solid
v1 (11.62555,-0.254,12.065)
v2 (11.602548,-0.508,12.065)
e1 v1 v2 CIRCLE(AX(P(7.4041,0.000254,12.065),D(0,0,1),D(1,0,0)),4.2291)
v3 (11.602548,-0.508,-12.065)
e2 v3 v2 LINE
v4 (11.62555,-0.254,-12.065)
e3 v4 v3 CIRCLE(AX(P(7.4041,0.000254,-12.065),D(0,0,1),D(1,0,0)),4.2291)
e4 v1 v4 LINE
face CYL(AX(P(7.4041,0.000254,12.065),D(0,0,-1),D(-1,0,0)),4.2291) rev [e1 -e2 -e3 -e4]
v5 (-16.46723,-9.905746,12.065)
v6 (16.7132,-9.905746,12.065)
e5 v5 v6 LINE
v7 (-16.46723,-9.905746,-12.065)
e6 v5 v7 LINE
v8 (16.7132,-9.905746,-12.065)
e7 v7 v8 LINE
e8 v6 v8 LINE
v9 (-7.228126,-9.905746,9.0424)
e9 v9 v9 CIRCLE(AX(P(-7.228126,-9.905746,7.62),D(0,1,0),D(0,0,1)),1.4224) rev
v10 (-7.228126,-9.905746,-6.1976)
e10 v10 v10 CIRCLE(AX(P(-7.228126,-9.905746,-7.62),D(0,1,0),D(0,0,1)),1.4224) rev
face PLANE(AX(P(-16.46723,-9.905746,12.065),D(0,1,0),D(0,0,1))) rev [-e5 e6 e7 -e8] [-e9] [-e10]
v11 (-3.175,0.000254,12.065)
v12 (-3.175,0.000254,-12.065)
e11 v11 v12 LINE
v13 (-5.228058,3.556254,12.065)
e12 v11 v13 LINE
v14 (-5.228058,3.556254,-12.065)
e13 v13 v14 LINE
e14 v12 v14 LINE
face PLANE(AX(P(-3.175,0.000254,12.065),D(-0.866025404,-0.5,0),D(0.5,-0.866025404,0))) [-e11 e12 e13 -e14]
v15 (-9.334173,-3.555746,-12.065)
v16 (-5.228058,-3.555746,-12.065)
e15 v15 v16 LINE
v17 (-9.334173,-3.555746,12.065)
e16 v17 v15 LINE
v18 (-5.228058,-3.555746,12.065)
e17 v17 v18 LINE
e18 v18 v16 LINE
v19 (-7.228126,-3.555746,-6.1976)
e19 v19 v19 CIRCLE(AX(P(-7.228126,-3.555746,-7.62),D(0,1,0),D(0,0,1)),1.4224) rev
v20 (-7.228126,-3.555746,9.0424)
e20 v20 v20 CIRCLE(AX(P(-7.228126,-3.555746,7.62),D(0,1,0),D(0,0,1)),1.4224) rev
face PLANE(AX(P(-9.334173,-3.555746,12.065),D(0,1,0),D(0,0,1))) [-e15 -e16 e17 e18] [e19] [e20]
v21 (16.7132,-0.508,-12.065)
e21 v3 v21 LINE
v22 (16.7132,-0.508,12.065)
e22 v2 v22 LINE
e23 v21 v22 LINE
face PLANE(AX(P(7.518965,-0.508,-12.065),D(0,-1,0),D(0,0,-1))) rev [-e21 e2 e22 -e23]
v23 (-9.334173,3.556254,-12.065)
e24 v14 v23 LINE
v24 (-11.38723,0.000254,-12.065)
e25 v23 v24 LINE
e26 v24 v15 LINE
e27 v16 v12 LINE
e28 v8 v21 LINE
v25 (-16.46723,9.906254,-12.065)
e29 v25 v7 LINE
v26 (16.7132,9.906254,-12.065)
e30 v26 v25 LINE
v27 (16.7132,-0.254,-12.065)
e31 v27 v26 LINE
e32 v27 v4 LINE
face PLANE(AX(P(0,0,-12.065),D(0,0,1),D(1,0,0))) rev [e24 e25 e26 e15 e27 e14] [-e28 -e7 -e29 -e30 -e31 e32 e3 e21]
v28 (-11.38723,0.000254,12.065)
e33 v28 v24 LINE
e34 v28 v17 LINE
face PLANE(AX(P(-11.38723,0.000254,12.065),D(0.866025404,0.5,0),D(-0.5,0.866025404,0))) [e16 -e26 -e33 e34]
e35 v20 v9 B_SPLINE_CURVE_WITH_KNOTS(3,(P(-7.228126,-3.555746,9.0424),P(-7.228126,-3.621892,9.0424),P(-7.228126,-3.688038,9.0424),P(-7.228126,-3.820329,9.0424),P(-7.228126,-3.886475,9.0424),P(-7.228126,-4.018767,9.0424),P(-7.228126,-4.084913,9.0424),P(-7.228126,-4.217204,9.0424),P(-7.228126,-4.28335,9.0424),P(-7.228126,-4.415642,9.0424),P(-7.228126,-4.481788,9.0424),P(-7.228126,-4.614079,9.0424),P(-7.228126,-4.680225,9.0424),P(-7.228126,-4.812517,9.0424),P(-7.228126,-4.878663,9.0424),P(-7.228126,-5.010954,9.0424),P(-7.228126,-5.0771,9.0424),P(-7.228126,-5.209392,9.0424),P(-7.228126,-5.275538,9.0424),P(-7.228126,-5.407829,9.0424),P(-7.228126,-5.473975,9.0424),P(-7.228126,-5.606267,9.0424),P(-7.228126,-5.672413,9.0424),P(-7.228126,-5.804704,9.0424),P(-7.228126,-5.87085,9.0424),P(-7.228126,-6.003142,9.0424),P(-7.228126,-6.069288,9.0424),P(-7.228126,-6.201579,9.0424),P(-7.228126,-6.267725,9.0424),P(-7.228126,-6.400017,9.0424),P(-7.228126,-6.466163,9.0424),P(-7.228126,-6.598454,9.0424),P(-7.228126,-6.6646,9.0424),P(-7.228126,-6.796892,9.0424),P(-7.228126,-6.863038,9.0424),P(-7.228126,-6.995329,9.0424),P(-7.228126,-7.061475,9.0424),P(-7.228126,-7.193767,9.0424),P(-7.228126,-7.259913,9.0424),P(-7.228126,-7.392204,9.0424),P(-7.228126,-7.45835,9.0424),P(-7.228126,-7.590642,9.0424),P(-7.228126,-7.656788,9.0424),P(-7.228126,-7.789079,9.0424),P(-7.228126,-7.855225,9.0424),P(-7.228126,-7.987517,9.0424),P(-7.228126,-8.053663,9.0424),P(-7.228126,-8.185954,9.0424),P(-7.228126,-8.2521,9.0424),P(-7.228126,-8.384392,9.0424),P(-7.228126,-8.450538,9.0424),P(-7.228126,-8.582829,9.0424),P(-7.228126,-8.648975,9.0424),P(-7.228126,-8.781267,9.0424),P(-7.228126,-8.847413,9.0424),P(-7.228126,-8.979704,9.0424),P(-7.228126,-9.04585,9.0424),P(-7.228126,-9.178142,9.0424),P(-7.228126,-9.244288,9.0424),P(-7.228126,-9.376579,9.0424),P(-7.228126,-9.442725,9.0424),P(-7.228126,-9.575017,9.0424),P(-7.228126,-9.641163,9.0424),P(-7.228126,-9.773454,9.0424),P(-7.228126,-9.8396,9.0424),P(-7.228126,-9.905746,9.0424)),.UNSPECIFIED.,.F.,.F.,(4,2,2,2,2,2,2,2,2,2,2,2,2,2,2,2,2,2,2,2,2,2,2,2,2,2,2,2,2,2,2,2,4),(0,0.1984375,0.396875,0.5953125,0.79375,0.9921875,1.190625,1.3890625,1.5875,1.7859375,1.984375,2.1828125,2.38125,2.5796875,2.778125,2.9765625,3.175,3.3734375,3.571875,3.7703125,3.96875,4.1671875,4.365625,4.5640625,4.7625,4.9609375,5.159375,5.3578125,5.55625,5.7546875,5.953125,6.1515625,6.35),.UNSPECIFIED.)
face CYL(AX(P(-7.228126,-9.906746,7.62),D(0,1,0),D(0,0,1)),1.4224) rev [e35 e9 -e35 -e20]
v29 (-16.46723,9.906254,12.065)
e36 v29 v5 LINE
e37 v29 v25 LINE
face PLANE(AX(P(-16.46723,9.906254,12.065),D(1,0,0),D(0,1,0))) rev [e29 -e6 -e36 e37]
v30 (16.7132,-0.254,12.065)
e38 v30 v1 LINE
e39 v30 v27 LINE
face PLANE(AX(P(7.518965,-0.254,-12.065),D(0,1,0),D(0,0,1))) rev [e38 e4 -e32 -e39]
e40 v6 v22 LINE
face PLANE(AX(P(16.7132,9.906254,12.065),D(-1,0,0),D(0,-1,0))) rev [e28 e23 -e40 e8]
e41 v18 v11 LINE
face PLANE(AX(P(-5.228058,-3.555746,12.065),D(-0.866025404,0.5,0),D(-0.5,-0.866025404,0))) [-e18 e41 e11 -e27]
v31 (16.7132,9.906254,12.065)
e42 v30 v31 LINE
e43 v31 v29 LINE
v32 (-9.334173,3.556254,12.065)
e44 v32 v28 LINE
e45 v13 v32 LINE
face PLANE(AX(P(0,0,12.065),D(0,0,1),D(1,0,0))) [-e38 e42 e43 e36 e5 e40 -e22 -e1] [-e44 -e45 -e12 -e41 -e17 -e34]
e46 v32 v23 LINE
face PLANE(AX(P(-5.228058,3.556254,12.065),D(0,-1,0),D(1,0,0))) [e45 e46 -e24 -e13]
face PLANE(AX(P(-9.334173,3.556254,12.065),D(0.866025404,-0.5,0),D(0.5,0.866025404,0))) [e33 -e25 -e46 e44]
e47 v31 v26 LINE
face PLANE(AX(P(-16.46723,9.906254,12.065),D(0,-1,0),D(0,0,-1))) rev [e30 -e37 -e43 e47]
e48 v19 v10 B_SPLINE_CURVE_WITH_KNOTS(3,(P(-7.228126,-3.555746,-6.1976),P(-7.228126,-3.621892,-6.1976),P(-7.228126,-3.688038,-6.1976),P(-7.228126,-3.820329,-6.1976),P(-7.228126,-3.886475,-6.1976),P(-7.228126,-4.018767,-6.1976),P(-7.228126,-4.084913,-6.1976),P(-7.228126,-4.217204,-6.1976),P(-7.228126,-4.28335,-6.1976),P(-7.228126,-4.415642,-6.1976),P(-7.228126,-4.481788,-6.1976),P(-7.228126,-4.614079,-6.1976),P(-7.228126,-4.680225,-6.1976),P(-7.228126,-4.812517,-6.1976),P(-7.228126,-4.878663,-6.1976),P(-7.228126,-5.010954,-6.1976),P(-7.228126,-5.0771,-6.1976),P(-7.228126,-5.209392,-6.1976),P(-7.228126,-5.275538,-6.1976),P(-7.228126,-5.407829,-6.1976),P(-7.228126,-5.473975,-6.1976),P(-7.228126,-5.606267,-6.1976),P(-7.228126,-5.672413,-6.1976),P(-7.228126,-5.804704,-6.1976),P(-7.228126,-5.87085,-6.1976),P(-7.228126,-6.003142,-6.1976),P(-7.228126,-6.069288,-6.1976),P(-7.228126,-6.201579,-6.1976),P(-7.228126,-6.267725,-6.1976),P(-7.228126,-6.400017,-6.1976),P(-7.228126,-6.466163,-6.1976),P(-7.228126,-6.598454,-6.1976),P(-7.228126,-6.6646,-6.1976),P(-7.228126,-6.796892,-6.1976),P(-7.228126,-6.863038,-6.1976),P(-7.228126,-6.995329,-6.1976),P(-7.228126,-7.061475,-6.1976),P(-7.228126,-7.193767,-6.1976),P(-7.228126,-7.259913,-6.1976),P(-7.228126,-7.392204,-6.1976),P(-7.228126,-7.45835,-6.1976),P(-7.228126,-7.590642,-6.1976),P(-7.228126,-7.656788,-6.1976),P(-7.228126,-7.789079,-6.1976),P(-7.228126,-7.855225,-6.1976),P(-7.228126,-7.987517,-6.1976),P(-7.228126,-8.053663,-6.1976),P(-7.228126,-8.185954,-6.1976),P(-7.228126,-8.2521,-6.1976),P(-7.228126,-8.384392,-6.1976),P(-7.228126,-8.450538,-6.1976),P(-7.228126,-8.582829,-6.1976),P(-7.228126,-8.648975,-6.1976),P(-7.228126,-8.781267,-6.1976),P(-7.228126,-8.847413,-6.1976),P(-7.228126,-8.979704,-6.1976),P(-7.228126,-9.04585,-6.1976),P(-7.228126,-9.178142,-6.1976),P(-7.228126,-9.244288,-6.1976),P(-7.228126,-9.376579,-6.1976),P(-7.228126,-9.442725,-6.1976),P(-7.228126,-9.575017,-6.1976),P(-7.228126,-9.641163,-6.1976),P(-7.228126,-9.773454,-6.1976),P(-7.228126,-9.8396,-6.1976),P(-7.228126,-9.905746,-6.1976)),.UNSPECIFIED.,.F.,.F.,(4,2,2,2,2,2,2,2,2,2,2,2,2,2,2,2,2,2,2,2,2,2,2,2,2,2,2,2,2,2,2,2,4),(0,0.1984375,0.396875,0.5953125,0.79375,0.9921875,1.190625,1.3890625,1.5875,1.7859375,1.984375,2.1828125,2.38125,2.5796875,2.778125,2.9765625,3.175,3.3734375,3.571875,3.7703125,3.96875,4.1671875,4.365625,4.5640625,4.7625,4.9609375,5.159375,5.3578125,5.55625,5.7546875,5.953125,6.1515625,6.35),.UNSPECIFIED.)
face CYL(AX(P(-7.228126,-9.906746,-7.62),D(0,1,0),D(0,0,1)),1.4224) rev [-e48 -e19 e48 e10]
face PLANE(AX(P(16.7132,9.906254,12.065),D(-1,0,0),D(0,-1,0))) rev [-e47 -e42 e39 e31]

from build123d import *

# Parameters (mm, degrees)
SKETCH2_W               = 33.180430229
SKETCH2_H               = 19.812
SKETCH2_R               = 4.2291
BOSS_EXTRUDE3_DEPTH     = 12.065
CUT_EXTRUDE5_REACH      = 24.87
SKETCH7_R               = 1.4224
CUT_EXTRUDE8_DEPTH      = 23.86983051
CUT_EXTRUDE8_DEPTH_BACK = 23.86983051
SKETCH8_W               = 12.7
SKETCH8_H               = 0.254


with BuildPart() as part:
    # Sketch2 → Boss-Extrude3 (new, symmetric)
    with BuildSketch(Plane.XY):
        with Locations((0.122984885, 0.000254)):
            Rectangle(SKETCH2_W, SKETCH2_H)
        with Locations((7.4041, 0.000254)):
            Circle(SKETCH2_R, mode=Mode.SUBTRACT)
        Polygon((-11.387230229, 0.000254), (-9.334172672, -3.555746), (-5.228057557, -3.555746), (-3.175, 0.000254), (-5.228057557, 3.556254), (-9.334172672, 3.556254), align=None, mode=Mode.SUBTRACT)
    extrude(amount=BOSS_EXTRUDE3_DEPTH, both=True)

    # Sketch7 → Cut-Extrude5 (cut, up to next)
    with BuildSketch(Plane(origin=(0, 0, 0), x_dir=(1, 0, 0), z_dir=(0, 1, 0)), mode=Mode.PRIVATE) as cut_extrude5_sk1:
        with Locations((-7.228125784, -7.62)):
            Circle(SKETCH7_R)
    cut_extrude5_tool1 = extrude(cut_extrude5_sk1.sketch, amount=-CUT_EXTRUDE5_REACH, mode=Mode.PRIVATE) & part.part
    # Sketch7 → Cut-Extrude5 (cut, up to next)
    with BuildSketch(Plane(origin=(0, 0, 0), x_dir=(1, 0, 0), z_dir=(0, 1, 0)), mode=Mode.PRIVATE) as cut_extrude5_sk2:
        with Locations((-7.228125784, 7.62)):
            Circle(SKETCH7_R)
    cut_extrude5_tool2 = extrude(cut_extrude5_sk2.sketch, amount=-CUT_EXTRUDE5_REACH, mode=Mode.PRIVATE) & part.part
    add(cut_extrude5_tool1.solids().sort_by_distance((-7.228126, 0, 7.62))[0], mode=Mode.SUBTRACT)
    add(cut_extrude5_tool2.solids().sort_by_distance((-7.228126, 0, -7.62))[0], mode=Mode.SUBTRACT)

    # Sketch8 → Cut-Extrude8 (cut, two sides: drawn at the far end of the back side and taken through both)
    with BuildSketch(Plane.XY.offset(-CUT_EXTRUDE8_DEPTH_BACK)):
        with Locations((13.86896495, -0.381)):
            Rectangle(SKETCH8_W, SKETCH8_H)
    extrude(amount=CUT_EXTRUDE8_DEPTH + CUT_EXTRUDE8_DEPTH_BACK, mode=Mode.SUBTRACT)


solid = part.part
